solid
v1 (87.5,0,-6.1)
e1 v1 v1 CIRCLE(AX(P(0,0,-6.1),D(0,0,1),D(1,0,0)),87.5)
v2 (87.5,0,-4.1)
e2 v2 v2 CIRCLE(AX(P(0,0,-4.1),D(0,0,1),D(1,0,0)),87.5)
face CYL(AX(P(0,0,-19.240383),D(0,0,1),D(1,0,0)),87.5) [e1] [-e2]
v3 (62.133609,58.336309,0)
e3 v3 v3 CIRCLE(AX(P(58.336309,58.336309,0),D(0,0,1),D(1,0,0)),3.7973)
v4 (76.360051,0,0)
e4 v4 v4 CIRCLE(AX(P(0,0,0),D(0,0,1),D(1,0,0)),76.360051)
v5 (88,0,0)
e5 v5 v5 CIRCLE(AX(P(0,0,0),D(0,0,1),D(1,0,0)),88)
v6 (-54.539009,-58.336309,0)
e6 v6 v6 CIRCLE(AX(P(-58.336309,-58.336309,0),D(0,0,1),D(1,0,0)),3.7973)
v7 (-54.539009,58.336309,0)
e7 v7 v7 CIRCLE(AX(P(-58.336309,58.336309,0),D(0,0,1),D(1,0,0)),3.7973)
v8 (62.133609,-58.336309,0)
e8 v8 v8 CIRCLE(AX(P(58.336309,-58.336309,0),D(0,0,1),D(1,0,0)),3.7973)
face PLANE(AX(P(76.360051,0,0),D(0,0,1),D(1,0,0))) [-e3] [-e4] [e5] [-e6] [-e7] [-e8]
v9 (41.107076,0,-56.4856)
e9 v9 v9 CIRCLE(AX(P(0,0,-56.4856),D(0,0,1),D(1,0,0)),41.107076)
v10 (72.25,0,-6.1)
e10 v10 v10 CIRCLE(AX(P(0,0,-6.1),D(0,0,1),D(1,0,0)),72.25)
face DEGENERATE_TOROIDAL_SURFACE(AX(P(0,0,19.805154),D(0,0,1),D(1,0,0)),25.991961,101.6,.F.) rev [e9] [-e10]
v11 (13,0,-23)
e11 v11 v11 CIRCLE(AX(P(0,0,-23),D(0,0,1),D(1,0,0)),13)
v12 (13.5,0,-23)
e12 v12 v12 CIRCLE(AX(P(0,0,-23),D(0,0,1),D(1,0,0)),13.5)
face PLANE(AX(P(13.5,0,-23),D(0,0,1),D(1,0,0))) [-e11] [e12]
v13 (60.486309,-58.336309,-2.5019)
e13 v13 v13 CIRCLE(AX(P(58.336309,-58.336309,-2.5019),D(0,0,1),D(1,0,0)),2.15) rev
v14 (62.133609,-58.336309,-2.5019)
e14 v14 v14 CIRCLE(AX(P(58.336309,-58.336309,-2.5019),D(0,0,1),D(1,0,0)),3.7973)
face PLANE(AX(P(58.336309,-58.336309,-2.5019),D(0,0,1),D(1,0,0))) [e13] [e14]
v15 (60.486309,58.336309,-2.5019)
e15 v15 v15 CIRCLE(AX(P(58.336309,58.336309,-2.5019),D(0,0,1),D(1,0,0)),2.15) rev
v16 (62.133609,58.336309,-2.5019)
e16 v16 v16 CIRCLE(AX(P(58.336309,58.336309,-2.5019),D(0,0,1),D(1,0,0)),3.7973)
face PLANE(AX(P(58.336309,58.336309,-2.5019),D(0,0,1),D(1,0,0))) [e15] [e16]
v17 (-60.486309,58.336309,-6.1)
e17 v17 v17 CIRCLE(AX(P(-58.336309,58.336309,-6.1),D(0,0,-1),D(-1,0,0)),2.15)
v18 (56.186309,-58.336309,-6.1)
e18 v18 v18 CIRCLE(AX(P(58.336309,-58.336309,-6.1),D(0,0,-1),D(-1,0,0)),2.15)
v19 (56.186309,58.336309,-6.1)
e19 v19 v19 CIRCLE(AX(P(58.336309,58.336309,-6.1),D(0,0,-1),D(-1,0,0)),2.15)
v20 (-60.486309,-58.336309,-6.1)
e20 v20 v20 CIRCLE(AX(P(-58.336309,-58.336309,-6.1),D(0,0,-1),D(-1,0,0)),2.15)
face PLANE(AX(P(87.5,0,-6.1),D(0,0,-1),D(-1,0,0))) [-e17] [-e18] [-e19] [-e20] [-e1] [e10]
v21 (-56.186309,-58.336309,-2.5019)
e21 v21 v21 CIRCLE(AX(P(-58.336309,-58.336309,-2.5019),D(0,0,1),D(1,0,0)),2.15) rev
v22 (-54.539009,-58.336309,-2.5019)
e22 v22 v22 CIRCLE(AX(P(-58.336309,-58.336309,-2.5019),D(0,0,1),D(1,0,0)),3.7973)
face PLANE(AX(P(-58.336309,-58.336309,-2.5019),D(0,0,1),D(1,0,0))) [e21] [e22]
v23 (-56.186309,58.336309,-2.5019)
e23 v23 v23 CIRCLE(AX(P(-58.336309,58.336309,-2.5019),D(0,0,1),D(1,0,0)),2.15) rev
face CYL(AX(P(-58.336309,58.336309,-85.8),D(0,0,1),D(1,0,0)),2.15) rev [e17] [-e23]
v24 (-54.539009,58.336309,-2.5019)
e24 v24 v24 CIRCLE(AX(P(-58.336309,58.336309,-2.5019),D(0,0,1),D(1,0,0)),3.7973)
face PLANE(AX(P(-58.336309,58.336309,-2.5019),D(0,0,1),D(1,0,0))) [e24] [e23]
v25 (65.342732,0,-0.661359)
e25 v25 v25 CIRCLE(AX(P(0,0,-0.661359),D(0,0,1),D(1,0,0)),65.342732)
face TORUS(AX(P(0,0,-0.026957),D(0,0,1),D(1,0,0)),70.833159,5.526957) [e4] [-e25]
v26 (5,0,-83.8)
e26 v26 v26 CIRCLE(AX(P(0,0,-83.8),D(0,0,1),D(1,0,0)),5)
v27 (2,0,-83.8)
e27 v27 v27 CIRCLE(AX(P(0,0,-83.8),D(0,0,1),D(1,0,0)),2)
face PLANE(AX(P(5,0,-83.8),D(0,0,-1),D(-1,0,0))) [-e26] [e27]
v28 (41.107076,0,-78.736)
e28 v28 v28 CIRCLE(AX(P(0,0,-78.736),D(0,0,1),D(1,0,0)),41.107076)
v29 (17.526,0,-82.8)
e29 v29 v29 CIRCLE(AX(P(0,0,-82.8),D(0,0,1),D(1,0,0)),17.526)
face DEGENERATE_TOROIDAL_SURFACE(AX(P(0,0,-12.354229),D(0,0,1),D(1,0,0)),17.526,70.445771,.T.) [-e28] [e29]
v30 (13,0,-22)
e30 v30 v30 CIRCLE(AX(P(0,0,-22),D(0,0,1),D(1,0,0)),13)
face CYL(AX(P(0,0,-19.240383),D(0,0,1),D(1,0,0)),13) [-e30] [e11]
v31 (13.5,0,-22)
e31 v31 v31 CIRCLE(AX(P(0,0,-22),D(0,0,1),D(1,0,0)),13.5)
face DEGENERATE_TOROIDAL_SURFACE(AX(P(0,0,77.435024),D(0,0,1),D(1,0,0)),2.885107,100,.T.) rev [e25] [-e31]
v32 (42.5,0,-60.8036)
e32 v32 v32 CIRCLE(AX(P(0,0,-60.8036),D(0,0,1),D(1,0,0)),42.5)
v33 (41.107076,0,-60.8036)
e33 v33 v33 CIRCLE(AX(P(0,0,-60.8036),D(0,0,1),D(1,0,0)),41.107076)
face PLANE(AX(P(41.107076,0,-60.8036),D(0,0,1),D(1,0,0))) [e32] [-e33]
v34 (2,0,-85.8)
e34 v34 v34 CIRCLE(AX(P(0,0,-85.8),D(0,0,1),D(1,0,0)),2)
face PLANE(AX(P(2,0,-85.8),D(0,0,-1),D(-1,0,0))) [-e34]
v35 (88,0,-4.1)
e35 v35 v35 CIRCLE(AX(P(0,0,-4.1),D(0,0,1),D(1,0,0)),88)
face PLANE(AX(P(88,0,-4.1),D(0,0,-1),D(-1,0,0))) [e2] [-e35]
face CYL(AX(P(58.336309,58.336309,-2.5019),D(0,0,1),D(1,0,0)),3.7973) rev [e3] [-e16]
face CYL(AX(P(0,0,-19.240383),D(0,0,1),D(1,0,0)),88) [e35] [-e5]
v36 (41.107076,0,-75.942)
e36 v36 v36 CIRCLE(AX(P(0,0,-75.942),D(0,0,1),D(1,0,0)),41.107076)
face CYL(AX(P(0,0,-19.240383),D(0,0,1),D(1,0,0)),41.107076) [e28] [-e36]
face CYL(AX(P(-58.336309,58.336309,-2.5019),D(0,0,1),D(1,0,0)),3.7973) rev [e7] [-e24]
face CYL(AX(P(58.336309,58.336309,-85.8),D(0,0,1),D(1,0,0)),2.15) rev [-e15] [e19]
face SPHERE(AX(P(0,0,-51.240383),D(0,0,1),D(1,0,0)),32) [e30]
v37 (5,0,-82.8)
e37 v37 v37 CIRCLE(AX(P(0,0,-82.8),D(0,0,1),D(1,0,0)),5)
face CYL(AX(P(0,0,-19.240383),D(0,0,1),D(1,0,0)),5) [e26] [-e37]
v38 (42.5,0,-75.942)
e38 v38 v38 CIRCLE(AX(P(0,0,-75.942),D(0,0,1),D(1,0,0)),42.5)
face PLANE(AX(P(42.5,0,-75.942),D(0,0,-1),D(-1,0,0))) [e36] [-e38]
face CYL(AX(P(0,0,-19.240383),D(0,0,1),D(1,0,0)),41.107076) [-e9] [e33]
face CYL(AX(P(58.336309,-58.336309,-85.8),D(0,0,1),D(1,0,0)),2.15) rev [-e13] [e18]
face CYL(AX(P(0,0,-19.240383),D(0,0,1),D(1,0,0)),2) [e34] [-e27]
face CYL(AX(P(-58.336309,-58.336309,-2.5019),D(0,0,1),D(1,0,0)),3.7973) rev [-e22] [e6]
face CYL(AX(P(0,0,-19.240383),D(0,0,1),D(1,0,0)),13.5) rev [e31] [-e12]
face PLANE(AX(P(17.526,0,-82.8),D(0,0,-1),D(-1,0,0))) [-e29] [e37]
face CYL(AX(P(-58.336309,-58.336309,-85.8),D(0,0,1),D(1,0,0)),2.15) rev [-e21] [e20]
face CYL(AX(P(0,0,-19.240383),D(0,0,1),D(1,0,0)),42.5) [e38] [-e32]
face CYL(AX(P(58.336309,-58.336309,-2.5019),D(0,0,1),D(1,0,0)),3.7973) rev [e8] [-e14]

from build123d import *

# Parameters (mm, degrees)
SKETCH3_R          = 2.15
CUT_HOLES_DEPTH    = 152.160973799
SKETCH4_R          = 3.7973
CUT_EXTRUDE4_DEPTH = 2.5019


with BuildPart() as part:
    # Sketch1 → Revolve1 (revolve)
    with BuildSketch(Plane(origin=(0, 0, 0), x_dir=(1, 0, 0), z_dir=(0, 1, 0))):
        with BuildLine():
            Line((76.360050956, 0), (88, 0))
            Line((88, 0), (88, 4.1))
            Line((88, 4.1), (87.5, 4.1))
            Line((87.5, 4.1), (87.5, 6.1))
            Line((87.5, 6.1), (72.25, 6.1))
            ThreePointArc((72.25, 6.1), (60.431927794, 33.612739382), (41.107075762, 56.4856))
            Line((41.107075762, 56.4856), (41.107075762, 60.8036))
            Line((41.107075762, 60.8036), (42.5, 60.8036))
            Line((42.5, 60.8036), (42.5, 75.942))
            Line((42.5, 75.942), (41.107075762, 75.942))
            Line((41.107075762, 75.942), (41.107075762, 78.736))
            ThreePointArc((41.107075762, 78.736), (29.490355709, 81.776565788), (17.526, 82.8))
            Line((17.526, 82.8), (5, 82.8))
            Line((5, 82.8), (5, 83.8))
            Line((5, 83.8), (2, 83.8))
            Line((2, 83.8), (2, 85.8))
            Line((2, 85.8), (0, 85.8))
            Line((0, 85.8), (0, 19.240383034))
            ThreePointArc((0, 19.240383034), (6.644837955, 19.937889067), (13, 22))
            Line((13, 22), (13, 23))
            Line((13, 23), (13.5, 23))
            Line((13.5, 23), (13.5, 22))
            ThreePointArc((13.5, 22), (40.947327355, 15.0380389), (65.342731977, 0.661359359))
            ThreePointArc((65.342731977, 0.661359359), (70.501977385, -5.490068668), (76.360050956, 0))
        make_face()
    revolve(axis=Axis((0, 0, -19.240383034), (0, 0, -1)))

    # Sketch3 → Cut holes (cut, through all)
    with BuildSketch(Plane.XY):
        with Locations((-58.336309448, 58.336309448)):
            Circle(SKETCH3_R)
        with Locations((58.336309448, 58.336309448)):
            Circle(SKETCH3_R)
        with Locations((58.336309448, -58.336309448)):
            Circle(SKETCH3_R)
        with Locations((-58.336309448, -58.336309448)):
            Circle(SKETCH3_R)
    extrude(amount=-CUT_HOLES_DEPTH, mode=Mode.SUBTRACT)

    # Sketch4 → Cut-Extrude4 (cut)
    with BuildSketch(Plane.XY):
        with Locations((-58.336309448, 58.336309448)):
            Circle(SKETCH4_R)
        with Locations((58.336309448, 58.336309448)):
            Circle(SKETCH4_R)
        with Locations((58.336309448, -58.336309448)):
            Circle(SKETCH4_R)
        with Locations((-58.336309448, -58.336309448)):
            Circle(SKETCH4_R)
    extrude(amount=-CUT_EXTRUDE4_DEPTH, mode=Mode.SUBTRACT)


solid = part.part
